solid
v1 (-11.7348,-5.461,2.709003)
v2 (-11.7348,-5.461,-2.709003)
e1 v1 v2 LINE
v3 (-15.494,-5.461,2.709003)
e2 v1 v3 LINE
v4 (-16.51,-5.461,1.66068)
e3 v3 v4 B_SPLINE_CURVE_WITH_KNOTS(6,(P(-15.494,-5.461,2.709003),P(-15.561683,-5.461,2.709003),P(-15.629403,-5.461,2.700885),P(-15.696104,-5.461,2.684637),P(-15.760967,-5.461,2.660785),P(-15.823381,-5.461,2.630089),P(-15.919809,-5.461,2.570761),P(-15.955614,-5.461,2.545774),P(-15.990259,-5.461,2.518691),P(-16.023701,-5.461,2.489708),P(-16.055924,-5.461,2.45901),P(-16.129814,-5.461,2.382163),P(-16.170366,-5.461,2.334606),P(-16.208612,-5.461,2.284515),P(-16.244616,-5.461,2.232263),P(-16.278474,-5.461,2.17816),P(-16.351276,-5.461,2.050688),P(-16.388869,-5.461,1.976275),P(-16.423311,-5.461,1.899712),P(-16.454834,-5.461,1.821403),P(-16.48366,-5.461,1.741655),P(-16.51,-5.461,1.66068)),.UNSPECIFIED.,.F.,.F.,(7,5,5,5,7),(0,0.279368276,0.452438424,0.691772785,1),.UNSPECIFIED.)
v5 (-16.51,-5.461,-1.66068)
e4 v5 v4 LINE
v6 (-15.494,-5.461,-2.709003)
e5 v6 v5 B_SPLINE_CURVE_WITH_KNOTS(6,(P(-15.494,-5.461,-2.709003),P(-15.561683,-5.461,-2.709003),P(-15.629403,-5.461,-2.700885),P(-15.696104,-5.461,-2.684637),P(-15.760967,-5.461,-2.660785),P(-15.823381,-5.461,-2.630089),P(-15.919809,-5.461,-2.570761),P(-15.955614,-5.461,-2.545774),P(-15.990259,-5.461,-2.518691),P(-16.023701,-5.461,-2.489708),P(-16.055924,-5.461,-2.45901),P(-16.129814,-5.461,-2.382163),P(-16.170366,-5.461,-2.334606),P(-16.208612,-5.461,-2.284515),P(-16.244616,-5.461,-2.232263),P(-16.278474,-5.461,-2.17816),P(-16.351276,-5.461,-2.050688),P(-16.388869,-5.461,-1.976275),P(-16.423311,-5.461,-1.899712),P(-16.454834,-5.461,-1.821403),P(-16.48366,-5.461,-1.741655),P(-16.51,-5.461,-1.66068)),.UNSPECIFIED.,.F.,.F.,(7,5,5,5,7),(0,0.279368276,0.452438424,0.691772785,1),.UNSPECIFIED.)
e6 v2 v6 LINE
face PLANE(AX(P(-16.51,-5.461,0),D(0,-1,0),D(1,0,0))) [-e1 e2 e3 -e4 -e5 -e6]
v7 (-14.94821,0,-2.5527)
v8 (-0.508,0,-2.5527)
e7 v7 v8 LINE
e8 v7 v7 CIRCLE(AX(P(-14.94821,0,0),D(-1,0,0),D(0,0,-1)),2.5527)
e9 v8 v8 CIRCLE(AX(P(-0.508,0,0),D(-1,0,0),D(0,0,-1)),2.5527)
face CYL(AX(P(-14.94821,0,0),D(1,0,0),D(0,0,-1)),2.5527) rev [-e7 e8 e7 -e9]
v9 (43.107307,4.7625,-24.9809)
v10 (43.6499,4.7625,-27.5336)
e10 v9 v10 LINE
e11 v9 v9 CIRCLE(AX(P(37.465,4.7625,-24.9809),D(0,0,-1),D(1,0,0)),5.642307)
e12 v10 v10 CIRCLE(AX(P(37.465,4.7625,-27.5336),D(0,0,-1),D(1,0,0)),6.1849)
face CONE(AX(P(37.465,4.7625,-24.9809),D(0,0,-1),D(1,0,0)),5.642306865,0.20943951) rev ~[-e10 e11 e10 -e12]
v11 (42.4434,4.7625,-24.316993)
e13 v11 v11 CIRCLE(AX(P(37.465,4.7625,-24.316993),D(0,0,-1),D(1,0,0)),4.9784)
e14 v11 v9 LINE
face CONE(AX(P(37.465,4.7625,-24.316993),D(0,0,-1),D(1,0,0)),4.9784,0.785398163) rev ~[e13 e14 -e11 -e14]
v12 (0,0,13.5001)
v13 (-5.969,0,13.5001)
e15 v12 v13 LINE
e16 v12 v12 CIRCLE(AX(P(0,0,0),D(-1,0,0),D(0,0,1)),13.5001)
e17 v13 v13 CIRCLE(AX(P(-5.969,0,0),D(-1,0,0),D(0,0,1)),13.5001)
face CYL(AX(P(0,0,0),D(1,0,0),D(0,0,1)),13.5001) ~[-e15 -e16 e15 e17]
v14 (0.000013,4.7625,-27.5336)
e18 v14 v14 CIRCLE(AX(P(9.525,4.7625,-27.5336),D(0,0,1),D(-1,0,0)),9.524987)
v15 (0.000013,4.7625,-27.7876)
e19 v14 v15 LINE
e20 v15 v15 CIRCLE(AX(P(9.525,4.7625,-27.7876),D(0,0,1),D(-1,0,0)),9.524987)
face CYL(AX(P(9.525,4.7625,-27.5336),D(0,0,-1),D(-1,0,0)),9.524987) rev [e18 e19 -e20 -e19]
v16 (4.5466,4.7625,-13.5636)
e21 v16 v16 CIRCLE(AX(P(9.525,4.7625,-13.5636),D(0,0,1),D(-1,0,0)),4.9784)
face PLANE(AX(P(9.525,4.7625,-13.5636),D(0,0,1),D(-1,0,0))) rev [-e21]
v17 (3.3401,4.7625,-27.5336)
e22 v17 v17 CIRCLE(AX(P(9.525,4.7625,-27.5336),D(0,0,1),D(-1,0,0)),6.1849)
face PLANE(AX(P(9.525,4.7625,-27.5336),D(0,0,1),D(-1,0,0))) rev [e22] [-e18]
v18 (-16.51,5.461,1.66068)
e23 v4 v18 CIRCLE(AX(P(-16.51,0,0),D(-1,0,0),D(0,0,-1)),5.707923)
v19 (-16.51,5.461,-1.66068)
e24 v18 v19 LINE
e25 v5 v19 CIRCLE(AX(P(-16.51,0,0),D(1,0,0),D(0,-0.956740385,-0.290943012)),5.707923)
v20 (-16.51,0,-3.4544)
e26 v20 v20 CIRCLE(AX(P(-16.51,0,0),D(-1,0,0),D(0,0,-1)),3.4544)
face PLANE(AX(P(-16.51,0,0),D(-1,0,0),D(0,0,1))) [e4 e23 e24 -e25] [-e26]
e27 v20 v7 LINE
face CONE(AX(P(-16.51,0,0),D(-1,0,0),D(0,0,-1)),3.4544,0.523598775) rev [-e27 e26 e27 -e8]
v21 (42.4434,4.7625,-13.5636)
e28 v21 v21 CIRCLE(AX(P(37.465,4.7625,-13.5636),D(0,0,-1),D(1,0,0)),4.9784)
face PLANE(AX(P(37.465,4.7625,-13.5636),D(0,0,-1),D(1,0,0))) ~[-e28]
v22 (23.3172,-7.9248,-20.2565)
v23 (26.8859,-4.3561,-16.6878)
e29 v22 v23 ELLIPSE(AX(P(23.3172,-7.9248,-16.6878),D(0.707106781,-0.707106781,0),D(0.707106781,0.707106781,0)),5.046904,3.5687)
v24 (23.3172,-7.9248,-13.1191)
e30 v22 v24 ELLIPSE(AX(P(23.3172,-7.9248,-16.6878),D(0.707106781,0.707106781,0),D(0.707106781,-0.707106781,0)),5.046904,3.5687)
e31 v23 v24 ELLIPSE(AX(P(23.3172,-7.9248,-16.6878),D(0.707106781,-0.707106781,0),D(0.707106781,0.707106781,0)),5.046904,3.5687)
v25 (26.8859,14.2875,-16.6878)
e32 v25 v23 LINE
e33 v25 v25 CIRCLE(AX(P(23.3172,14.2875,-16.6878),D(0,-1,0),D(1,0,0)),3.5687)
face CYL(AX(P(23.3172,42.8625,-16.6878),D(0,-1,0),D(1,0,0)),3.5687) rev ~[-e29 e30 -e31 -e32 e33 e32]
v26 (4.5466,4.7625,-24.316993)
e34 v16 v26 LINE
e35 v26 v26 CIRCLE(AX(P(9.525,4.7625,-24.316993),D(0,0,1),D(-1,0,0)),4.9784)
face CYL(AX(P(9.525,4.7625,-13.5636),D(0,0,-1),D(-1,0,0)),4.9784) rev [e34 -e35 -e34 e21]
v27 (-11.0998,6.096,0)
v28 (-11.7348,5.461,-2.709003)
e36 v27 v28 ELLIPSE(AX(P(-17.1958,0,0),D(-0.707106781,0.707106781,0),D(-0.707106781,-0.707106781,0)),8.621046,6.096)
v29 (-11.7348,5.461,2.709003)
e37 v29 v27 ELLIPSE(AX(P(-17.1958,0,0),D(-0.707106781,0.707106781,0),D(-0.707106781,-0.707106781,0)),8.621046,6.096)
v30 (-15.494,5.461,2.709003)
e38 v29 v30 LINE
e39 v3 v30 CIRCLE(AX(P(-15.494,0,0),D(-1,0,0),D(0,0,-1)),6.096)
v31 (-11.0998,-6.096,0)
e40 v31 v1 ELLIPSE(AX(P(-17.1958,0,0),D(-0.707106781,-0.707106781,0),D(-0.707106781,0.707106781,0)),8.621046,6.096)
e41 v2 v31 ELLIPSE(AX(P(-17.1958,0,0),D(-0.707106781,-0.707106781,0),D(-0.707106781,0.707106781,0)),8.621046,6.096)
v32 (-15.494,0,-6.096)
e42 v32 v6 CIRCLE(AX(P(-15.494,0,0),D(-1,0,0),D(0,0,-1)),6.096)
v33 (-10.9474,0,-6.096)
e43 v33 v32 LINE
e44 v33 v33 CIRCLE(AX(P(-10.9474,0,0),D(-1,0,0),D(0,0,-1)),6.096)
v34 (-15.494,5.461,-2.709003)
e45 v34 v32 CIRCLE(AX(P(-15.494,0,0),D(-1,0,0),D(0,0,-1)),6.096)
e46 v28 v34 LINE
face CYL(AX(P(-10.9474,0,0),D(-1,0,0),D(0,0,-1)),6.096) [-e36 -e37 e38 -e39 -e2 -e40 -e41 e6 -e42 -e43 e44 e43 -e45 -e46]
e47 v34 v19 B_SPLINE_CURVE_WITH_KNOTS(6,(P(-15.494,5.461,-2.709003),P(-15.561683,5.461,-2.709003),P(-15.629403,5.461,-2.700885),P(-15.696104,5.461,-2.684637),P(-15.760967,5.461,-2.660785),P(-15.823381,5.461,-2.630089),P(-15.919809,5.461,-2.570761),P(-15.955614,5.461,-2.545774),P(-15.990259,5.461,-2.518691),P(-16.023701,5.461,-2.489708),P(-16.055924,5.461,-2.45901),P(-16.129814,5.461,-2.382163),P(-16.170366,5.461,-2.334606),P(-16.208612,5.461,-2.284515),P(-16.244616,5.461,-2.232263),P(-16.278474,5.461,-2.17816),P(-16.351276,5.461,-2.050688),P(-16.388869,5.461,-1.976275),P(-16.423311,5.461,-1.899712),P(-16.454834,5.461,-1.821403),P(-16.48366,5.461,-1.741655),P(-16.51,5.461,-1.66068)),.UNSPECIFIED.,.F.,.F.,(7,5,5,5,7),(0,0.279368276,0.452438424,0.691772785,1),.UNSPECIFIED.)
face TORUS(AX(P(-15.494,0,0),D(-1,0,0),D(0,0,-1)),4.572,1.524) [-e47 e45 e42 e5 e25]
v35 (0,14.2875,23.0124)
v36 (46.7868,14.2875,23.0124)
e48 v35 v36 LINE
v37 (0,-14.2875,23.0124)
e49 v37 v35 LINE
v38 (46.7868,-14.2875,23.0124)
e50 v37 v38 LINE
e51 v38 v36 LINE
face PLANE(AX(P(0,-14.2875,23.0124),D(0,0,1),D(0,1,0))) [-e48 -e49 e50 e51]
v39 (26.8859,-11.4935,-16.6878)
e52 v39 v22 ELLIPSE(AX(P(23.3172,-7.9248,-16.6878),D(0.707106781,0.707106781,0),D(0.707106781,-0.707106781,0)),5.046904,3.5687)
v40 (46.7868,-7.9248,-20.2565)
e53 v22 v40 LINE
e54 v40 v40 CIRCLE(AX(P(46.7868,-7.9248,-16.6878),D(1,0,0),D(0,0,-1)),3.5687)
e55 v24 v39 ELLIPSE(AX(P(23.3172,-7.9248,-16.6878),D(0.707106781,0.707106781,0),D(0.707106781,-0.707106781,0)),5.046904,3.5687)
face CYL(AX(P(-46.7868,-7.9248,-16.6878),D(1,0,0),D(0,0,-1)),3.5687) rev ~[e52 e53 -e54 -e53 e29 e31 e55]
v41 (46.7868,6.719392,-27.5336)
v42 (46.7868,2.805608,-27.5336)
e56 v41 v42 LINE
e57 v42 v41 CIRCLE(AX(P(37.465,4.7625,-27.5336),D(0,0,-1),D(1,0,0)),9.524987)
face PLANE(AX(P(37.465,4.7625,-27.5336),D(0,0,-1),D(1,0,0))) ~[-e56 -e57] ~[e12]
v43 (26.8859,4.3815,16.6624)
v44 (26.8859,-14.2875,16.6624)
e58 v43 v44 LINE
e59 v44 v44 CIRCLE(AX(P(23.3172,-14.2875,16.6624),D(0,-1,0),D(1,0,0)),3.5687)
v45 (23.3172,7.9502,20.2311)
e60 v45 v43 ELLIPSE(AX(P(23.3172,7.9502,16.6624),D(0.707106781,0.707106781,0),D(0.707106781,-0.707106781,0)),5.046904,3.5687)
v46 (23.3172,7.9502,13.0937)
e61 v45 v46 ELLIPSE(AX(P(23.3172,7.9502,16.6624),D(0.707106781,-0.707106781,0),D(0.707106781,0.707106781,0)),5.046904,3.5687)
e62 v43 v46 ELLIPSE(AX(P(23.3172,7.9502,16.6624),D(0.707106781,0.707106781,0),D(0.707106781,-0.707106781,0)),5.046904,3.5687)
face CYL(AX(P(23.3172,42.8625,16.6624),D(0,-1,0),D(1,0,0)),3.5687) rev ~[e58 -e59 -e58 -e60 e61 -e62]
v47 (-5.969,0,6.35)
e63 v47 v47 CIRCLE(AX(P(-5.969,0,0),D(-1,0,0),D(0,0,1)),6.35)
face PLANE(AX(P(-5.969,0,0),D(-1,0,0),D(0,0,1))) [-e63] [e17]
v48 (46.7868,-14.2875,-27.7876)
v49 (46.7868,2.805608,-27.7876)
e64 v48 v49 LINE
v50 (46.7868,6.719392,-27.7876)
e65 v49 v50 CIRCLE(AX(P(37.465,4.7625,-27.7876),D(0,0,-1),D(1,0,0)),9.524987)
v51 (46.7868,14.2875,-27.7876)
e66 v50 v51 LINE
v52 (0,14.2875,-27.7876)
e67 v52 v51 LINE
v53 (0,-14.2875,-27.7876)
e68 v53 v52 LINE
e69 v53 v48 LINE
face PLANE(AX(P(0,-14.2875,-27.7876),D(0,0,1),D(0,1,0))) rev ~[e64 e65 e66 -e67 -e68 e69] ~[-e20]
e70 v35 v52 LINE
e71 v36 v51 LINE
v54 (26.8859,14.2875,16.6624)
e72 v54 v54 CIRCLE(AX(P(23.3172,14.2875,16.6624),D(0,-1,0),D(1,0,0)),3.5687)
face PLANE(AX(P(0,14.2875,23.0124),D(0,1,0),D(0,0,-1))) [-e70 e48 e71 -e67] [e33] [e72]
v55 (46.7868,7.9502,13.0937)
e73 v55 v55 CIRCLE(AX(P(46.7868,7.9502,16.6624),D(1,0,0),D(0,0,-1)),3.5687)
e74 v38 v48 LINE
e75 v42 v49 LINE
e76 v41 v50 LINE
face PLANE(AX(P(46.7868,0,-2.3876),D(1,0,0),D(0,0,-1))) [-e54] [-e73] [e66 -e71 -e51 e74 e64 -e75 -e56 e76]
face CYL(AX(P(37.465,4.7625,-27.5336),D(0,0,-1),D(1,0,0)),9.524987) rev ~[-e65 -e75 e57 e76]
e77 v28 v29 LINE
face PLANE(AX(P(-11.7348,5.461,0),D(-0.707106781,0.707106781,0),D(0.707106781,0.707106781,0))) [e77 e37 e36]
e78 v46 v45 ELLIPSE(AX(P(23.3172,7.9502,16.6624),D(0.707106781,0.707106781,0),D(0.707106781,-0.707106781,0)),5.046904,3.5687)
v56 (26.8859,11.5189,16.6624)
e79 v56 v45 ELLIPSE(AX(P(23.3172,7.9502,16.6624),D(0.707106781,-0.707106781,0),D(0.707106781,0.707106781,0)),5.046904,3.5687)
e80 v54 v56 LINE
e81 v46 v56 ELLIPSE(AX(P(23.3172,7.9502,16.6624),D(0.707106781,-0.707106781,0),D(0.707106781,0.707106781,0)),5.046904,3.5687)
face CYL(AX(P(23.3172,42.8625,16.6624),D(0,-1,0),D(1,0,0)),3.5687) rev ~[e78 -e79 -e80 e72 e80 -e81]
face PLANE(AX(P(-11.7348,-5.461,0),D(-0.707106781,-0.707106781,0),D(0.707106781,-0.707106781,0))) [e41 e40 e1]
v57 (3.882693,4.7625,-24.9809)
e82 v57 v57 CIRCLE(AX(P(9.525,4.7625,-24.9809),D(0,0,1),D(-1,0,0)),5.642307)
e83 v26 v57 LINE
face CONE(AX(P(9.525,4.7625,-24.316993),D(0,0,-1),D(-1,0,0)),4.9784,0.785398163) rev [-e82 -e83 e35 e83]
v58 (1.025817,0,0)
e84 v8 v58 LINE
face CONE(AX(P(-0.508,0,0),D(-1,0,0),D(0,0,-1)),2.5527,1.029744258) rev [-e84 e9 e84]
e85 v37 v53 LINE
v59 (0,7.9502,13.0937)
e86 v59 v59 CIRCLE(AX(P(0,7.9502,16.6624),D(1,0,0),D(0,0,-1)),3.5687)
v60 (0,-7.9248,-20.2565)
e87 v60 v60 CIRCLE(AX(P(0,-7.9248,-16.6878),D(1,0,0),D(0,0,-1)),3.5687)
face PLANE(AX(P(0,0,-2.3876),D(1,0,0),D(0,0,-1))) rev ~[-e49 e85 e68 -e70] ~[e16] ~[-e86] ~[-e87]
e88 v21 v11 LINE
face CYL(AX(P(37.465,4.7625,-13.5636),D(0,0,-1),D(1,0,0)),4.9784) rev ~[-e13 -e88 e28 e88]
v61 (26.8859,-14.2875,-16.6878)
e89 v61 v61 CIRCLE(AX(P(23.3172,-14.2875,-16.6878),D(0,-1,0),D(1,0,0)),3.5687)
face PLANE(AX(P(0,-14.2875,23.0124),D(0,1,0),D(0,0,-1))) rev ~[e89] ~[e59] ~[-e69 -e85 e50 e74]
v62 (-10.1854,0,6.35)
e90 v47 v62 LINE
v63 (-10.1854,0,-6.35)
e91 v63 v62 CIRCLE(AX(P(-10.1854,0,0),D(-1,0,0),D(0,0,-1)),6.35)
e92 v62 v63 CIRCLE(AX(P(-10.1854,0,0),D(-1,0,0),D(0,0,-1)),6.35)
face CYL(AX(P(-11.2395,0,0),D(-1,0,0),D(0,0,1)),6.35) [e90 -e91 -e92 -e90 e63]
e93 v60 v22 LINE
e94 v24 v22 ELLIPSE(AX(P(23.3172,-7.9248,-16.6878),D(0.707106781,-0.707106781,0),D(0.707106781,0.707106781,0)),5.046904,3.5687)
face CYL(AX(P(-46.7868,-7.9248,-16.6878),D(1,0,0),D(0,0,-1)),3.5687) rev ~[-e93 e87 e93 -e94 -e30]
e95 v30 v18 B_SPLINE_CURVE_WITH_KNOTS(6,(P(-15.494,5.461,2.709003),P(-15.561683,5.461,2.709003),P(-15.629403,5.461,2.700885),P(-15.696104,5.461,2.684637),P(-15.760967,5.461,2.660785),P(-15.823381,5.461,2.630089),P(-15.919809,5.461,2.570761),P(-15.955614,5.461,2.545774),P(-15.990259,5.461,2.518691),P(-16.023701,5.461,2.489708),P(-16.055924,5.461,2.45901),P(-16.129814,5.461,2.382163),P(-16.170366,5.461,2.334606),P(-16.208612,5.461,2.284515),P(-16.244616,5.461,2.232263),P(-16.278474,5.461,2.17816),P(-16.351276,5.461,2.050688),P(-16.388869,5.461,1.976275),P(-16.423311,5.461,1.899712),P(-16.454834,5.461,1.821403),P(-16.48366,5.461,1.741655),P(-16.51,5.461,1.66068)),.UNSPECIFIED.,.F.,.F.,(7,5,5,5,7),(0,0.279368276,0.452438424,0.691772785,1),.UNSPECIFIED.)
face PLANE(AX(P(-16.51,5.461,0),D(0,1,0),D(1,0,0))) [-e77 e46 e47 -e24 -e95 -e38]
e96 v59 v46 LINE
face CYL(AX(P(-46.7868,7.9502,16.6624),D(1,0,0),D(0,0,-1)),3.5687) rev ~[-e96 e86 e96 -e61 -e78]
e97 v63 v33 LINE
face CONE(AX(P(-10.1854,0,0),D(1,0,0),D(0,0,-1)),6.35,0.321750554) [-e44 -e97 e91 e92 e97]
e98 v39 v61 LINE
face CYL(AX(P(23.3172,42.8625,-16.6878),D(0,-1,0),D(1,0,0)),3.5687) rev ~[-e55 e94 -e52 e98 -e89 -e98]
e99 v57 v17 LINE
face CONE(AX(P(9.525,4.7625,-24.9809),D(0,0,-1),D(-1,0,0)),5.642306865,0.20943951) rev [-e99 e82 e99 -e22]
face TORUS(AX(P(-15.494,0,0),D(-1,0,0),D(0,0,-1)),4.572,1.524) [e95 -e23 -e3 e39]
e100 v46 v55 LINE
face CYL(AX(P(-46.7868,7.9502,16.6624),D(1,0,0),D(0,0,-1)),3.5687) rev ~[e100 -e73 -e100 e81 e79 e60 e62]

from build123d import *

# Parameters (mm, degrees)
SKETCH1_W          = 50.8
SKETCH1_H          = 28.575
EXTRUDE1_DEPTH     = 46.7868
SKETCH5_R          = 13.5001
EXTRUDE2_DEPTH     = 5.969
SKETCH6_W          = 6.35
SKETCH6_H          = 10.541
CUT_EXTRUDE4_DEPTH = 30.48
HOLE1_D            = 7.1374
HOLE1_DEPTH        = 46.7868
HOLE2_D            = 7.1374
HOLE2_DEPTH        = 28.575


with BuildPart() as part:
    # Sketch1 → Extrude1 (new body)
    with BuildSketch(Plane(origin=(0, 0, 0), x_dir=(0, 0, -1), z_dir=(1, 0, 0))):
        with Locations((2.3876, 0)):
            Rectangle(SKETCH1_W, SKETCH1_H)
    extrude(amount=EXTRUDE1_DEPTH)

    # S2D0002 → Cut-Revolve1 (revolve, cut)
    with BuildSketch(Plane(origin=(0, 4.7625, 0), x_dir=(-1, 0, 0), z_dir=(0, 1, 0)), mode=Mode.PRIVATE) as cut_revolve1_sk:
        Polygon((-15.7099, -27.5336), (-19.0499873, -27.5336), (-19.0499873, -27.7876), (-9.525, -27.7876), (-9.525, -13.5636), (-14.5034, -13.5636), (-14.5034, -24.316993135), (-15.167306865, -24.9809), align=None)
    revolve(cut_revolve1_sk.sketch.rotate(Axis((9.525, 4.7625, -19.13842003), (0, 0, 1)), 180), axis=Axis((9.525, 4.7625, -19.13842003), (0, 0, 1)), mode=Mode.SUBTRACT)  # turned: the seam where the file's is

    # Sketch3 → Cut-Revolve2 (revolve, cut)
    with BuildSketch(Plane(origin=(41.148, 4.7625, -25.146), x_dir=(1, 0, 0), z_dir=(0, 1, 0))):
        Polygon((2.5019, 2.3876), (5.8419873, 2.3876), (5.8419873, 2.6416), (-3.683, 2.6416), (-3.683, -11.5824), (1.2954, -11.5824), (1.2954, -0.829006865), (1.959306865, -0.1651), align=None)
    revolve(axis=Axis((37.465, 4.7625, -3.189624441), (0, 0, -1)), mode=Mode.SUBTRACT)

    # Sketch5 → Extrude2 (add)
    with BuildSketch(Plane.ZY):
        Circle(SKETCH5_R)
    extrude(amount=EXTRUDE2_DEPTH)

    # Sketch6 → Revolve1 (revolve)
    with BuildSketch(Plane(origin=(0, 0, 0), x_dir=(0, 0, 1), z_dir=(0, -1, 0)), mode=Mode.PRIVATE) as revolve1_sk:
        with Locations((-3.175, 11.2395)):
            Rectangle(SKETCH6_W, SKETCH6_H)
    revolve(revolve1_sk.sketch.rotate(Axis((5.754582971, 0, 0), (-1, 0, 0)), 180), axis=Axis((5.754582971, 0, 0), (-1, 0, 0)))  # turned: the seam where the file's is

    # S2D0001 → Cut-Revolve4 (revolve, cut)
    with BuildSketch(Plane(origin=(-18.511260017, 3.2639, 0), x_dir=(0, 1, 0), z_dir=(0, 0, 1)), mode=Mode.PRIVATE) as cut_revolve4_sk:
        Polygon((-0.7112, -3.563050231), (-0.7112, -18.003260017), (-3.2639, -19.53707692), (-3.2639, -2.001260017), (0.1905, -2.001260017), align=None)
    revolve(cut_revolve4_sk.sketch.rotate(Axis((0, 0, 0), (-1, 0, 0)), 90), axis=Axis((0, 0, 0), (-1, 0, 0)), mode=Mode.SUBTRACT)  # turned: the seam where the file's is

    # Sketch8 → Cut-Revolve5 (revolve, cut)
    with BuildSketch(Plane(origin=(0, 0, 0), x_dir=(0, 0, -1), z_dir=(0, 1, 0)), mode=Mode.PRIVATE) as cut_revolve5_sk:
        with BuildLine():
            Line((-6.35, 10.1854), (-6.096, 10.9474))
            Line((-6.096, 10.9474), (-6.096, 15.494))
            ThreePointArc((-6.096, 15.494), (-5.995678675, 16.037796865), (-5.707922533, 16.51))
            Line((-5.707922533, 16.51), (-6.35, 16.51))
            Line((-6.35, 16.51), (-6.35, 10.1854))
        make_face()
    revolve(cut_revolve5_sk.sketch.rotate(Axis((-12.65936, 0, 0), (-1, 0, 0)), 180), axis=Axis((-12.65936, 0, 0), (-1, 0, 0)), mode=Mode.SUBTRACT)  # turned: the seam where the file's is

    # Sketch12 → Cut-Extrude4 (cut, symmetric)
    with BuildSketch(Plane(origin=(0, 0, 0), x_dir=(0, -1, 0), z_dir=(0, 0, -1))):
        Polygon((5.461, 16.51), (5.461, 11.7348), (6.096, 11.0998), (6.096, 16.51), align=None)
        Polygon((-5.461, 16.51), (-5.461, 11.7348), (-6.096, 11.0998), (-6.096, 16.51), align=None)
    extrude(amount=CUT_EXTRUDE4_DEPTH, both=True, mode=Mode.SUBTRACT)

    # Hole1
    with Locations(Plane.ZY):
        with Locations((-16.6878, -7.9248), (16.6624, 7.9502)):
            Hole(HOLE1_D / 2, depth=HOLE1_DEPTH)

    # Hole2
    with Locations(Plane(origin=(0, 14.2875, 0), x_dir=(-1, 0, 0), z_dir=(0, 1, 0))):
        with Locations((-23.3172, -16.6878), (-23.3172, 16.6624)):
            Hole(HOLE2_D / 2, depth=HOLE2_DEPTH)


solid = part.part
